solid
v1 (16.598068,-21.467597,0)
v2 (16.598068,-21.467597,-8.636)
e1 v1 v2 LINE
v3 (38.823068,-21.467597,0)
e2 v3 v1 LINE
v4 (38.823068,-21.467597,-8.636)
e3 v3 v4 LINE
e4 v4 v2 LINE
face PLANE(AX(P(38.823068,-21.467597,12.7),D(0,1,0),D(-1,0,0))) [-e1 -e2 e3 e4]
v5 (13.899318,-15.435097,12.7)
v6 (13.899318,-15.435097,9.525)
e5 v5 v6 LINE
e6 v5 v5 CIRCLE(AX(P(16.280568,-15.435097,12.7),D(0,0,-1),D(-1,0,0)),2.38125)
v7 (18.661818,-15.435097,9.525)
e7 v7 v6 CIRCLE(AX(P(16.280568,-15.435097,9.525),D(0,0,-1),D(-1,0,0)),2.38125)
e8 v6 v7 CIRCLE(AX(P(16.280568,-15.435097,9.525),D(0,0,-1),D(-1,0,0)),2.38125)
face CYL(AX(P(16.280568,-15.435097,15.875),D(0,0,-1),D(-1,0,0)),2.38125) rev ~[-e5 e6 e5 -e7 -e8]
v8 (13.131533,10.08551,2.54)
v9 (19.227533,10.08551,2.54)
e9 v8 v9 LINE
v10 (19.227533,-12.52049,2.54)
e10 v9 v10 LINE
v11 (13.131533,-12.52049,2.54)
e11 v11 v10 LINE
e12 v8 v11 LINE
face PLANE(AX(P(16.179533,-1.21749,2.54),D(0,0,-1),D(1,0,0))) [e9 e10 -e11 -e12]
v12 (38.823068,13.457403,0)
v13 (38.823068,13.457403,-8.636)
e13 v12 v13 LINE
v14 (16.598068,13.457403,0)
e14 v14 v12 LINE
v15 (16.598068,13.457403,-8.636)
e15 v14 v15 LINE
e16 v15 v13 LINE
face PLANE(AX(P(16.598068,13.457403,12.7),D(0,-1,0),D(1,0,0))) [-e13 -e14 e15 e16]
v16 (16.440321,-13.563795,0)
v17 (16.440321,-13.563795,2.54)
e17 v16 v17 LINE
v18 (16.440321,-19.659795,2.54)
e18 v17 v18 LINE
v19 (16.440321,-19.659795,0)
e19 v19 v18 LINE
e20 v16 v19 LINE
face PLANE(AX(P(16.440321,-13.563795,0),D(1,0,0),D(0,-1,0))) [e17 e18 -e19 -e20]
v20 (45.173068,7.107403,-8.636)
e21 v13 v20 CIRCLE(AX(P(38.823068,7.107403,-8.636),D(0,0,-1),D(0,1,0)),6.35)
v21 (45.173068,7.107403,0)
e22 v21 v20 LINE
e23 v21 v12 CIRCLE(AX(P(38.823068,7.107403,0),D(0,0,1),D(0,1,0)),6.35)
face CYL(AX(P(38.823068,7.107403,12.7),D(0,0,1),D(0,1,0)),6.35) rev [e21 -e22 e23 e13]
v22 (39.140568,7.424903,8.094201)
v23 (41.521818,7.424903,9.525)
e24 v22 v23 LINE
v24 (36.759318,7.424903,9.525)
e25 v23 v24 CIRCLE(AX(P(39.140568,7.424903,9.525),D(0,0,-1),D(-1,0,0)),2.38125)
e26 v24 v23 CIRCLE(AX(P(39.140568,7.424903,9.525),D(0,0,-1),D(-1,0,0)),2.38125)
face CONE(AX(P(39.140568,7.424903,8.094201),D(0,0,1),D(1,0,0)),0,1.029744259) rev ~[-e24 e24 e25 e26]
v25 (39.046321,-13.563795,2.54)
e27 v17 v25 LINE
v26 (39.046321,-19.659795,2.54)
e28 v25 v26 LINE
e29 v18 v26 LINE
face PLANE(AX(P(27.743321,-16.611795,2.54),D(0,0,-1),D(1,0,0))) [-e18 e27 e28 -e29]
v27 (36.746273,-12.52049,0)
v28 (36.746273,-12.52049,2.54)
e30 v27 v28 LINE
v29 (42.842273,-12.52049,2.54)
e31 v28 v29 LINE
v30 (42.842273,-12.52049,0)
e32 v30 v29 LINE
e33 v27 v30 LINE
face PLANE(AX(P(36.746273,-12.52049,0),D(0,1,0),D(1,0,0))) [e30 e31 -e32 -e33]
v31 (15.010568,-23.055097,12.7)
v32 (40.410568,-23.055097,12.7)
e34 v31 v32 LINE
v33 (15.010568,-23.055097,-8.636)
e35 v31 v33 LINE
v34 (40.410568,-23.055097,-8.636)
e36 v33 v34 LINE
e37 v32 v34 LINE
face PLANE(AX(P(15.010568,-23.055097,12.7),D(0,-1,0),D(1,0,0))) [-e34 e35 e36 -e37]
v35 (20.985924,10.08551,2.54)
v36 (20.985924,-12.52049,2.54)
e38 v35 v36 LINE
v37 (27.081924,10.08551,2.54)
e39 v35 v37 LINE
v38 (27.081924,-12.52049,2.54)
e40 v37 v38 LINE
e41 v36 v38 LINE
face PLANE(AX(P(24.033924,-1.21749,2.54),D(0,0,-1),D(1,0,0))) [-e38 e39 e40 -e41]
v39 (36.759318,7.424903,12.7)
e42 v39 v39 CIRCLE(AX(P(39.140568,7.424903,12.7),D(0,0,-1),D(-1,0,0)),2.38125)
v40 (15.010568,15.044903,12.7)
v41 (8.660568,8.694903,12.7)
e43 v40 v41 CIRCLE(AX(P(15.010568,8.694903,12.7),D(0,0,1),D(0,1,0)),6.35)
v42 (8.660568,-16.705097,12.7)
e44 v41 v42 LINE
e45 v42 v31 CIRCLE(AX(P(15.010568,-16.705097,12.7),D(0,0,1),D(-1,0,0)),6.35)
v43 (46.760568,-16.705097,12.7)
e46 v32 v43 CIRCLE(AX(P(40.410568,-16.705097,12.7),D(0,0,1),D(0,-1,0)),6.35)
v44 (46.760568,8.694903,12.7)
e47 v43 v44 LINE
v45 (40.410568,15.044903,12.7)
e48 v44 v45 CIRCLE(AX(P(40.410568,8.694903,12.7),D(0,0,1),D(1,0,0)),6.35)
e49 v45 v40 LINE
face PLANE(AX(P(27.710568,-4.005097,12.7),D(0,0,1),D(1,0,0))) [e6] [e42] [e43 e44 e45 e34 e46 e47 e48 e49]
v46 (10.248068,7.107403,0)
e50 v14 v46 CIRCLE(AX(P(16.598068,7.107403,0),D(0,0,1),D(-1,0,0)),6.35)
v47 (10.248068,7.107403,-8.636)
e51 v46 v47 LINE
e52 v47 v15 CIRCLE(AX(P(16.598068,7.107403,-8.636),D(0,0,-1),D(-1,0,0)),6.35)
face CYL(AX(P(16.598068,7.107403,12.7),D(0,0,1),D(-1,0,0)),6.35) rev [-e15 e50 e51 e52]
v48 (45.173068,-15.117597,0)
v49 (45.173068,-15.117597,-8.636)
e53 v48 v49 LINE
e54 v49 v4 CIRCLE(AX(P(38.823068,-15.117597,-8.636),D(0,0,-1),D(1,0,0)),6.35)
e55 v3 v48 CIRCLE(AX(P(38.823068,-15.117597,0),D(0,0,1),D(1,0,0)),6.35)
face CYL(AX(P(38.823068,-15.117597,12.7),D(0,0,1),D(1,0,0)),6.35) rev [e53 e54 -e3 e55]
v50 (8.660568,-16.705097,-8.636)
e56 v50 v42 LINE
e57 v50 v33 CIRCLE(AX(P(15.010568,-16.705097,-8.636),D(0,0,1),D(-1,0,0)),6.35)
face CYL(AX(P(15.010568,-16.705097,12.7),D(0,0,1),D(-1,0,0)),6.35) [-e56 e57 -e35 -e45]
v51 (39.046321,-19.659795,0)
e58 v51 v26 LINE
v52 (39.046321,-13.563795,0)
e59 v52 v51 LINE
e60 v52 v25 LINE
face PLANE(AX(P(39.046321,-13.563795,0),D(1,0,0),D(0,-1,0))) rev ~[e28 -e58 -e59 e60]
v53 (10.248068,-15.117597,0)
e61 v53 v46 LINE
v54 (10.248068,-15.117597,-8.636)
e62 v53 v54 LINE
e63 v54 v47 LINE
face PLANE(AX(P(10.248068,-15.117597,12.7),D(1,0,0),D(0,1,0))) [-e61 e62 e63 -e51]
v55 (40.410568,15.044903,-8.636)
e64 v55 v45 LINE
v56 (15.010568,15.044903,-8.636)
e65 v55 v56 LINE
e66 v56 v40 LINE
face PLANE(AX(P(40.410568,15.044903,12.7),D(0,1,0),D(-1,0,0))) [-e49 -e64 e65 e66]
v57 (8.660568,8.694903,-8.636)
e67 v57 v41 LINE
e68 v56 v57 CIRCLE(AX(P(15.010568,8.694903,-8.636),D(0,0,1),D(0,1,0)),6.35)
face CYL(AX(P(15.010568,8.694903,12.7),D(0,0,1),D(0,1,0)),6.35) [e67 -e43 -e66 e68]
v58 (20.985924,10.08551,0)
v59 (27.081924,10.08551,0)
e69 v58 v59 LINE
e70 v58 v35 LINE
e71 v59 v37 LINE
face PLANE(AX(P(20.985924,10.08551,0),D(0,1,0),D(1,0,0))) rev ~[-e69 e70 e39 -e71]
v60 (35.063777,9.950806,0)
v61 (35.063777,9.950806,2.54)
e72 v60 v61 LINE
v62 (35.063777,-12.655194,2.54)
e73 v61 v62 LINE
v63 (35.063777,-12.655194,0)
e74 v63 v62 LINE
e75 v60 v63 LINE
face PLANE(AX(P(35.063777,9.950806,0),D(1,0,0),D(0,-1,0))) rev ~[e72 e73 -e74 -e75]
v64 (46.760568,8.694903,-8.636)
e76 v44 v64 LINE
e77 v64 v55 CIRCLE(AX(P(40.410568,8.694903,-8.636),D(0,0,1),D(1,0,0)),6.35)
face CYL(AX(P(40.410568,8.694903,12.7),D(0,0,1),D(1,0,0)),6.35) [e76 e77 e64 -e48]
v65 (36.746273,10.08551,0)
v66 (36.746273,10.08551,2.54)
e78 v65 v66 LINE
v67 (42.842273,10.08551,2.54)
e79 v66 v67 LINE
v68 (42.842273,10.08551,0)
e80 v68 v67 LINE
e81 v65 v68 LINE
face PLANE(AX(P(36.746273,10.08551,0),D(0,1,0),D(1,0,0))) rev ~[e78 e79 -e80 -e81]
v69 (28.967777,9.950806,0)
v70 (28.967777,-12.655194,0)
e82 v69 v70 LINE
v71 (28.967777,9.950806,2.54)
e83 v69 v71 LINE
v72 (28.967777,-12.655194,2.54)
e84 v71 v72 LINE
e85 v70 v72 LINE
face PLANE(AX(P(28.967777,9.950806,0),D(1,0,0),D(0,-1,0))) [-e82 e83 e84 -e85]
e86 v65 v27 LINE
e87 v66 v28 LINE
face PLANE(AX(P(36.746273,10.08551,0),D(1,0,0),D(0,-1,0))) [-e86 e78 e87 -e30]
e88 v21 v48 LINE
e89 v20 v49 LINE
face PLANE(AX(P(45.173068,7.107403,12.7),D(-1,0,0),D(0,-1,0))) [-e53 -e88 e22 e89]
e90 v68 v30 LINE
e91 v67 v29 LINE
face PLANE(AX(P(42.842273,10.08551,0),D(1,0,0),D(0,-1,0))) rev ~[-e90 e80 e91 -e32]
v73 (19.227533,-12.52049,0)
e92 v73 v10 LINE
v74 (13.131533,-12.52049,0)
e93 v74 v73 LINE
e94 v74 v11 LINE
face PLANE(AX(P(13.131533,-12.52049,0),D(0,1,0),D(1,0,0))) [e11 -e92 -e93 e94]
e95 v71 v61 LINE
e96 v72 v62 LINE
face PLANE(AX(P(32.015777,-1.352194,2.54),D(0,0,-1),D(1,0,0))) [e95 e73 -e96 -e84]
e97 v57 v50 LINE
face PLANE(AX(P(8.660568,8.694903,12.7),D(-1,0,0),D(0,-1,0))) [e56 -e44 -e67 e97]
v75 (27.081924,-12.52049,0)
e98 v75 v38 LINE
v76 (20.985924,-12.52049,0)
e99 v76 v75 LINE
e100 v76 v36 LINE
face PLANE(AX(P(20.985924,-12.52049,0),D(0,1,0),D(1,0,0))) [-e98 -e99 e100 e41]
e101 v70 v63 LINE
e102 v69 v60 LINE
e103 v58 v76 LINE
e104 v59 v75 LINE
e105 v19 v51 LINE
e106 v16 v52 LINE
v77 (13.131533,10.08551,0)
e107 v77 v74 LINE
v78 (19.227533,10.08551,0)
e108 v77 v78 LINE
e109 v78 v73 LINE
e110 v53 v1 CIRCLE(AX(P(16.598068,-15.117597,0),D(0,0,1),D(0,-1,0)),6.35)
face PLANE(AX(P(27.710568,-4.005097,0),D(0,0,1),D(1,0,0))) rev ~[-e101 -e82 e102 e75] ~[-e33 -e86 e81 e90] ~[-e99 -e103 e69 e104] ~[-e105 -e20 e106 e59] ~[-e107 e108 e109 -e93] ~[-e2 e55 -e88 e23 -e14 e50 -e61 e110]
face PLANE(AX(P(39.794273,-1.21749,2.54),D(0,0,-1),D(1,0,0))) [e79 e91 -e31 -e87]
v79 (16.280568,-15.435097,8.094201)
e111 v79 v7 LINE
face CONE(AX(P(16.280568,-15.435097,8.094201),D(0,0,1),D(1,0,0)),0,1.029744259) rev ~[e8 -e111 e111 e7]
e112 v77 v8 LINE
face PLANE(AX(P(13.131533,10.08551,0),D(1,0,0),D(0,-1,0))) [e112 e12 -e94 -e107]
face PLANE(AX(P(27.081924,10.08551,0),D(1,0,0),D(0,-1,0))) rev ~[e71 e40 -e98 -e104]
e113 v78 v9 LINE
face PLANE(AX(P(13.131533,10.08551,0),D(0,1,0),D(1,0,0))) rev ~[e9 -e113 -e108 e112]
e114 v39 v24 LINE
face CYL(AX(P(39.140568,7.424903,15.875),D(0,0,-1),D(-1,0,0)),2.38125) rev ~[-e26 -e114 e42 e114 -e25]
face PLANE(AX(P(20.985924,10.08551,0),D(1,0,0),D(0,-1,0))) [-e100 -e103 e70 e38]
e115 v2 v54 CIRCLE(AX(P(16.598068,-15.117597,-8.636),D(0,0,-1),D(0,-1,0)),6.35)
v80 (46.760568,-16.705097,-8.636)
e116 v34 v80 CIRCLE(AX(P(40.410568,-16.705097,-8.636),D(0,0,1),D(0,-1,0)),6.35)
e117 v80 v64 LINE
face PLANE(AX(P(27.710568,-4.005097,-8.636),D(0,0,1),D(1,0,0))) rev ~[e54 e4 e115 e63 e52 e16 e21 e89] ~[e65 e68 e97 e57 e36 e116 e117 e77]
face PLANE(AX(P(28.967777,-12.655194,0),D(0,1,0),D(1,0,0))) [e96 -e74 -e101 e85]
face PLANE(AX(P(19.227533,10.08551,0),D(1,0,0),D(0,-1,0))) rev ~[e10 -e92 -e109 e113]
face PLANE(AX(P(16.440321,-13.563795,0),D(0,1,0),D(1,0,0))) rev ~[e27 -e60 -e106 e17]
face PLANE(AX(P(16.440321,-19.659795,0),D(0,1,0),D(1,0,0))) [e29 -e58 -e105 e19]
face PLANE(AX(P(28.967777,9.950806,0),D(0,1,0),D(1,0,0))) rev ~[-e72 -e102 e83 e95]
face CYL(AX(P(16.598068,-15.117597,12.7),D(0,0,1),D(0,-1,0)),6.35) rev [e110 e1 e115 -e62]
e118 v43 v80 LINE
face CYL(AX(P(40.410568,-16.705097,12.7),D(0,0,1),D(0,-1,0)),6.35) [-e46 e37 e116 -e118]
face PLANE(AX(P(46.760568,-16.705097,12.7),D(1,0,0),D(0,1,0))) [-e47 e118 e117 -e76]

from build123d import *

# Parameters (mm, degrees)
F1_DEPTH = 12.7
F3_DEPTH = 21.336
F6_D     = 4.7625
F6_DEPTH = 3.175
F6_TIP   = 1.4307993491
F7_W     = 6.096
F7_H     = 22.606
F7_W_2   = 22.606
F7_H_2   = 6.096
F8_DEPTH = 2.54
F9_DEPTH = 2.54


with BuildPart() as f1:
    # F0 (on Top) → F1 (new body)
    with BuildSketch(Plane.XY):
        with BuildLine():
            Line((40.4105676174, 15.0449029118), (15.0105676174, 15.0449029118))
            ThreePointArc((15.0105676174, 15.0449029118), (10.5204395569, 13.1850309723), (8.6605676174, 8.6949029118))
            Line((8.6605676174, 8.6949029118), (8.6605676174, -16.7050970882))
            ThreePointArc((8.6605676174, -16.7050970882), (10.5204395569, -21.1952251488), (15.0105676174, -23.0550970882))
            Line((15.0105676174, -23.0550970882), (40.4105676174, -23.0550970882))
            ThreePointArc((40.4105676174, -23.0550970882), (44.900695678, -21.1952251488), (46.7605676174, -16.7050970882))
            Line((46.7605676174, -16.7050970882), (46.7605676174, 8.6949029118))
            ThreePointArc((46.7605676174, 8.6949029118), (44.900695678, 13.1850309723), (40.4105676174, 15.0449029118))
        make_face()
    extrude(amount=F1_DEPTH)

    # F2 (on face) → F3 (join)
    with BuildSketch(Plane.XY.offset(12.7)):
        with BuildLine():
            ThreePointArc((46.7605676174, 8.6949029118), (44.900695678, 13.1850309723), (40.4105676174, 15.0449029118))
            Line((40.4105676174, 15.0449029118), (15.0105676174, 15.0449029118))
            ThreePointArc((15.0105676174, 15.0449029118), (10.5204395569, 13.1850309723), (8.6605676174, 8.6949029118))
            Line((8.6605676174, 8.6949029118), (8.6605676174, -16.7050970882))
            ThreePointArc((8.6605676174, -16.7050970882), (10.5204395569, -21.1952251488), (15.0105676174, -23.0550970882))
            Line((15.0105676174, -23.0550970882), (40.4105676174, -23.0550970882))
            ThreePointArc((40.4105676174, -23.0550970882), (44.900695678, -21.1952251488), (46.7605676174, -16.7050970882))
            Line((46.7605676174, -16.7050970882), (46.7605676174, 8.6949029118))
        make_face()
        with BuildLine():
            ThreePointArc((10.2480676174, 7.1074029118), (12.1079395569, 11.5975309723), (16.5980676174, 13.4574029118))
            Line((16.5980676174, 13.4574029118), (38.8230676174, 13.4574029118))
            ThreePointArc((38.8230676174, 13.4574029118), (43.313195678, 11.5975309723), (45.1730676174, 7.1074029118))
            Line((45.1730676174, 7.1074029118), (45.1730676174, -15.1175970882))
            ThreePointArc((45.1730676174, -15.1175970882), (43.313195678, -19.6077251488), (38.8230676174, -21.4675970882))
            Line((38.8230676174, -21.4675970882), (16.5980676174, -21.4675970882))
            ThreePointArc((16.5980676174, -21.4675970882), (12.1079395569, -19.6077251488), (10.2480676174, -15.1175970882))
            Line((10.2480676174, -15.1175970882), (10.2480676174, 7.1074029118))
        make_face(mode=Mode.SUBTRACT)
    extrude(amount=-F3_DEPTH)

    # F6
    with Locations(Plane.XY.offset(12.7)):
        with Locations((16.2805676174, -15.4350970882), (39.1405676174, 7.4249029118)):
            Hole(F6_D / 2, depth=F6_DEPTH)
            with Locations((0, 0, -(F6_DEPTH + F6_TIP / 2))):  # 118° drill point
                Cone(0, F6_D / 2, F6_TIP, mode=Mode.SUBTRACT)

    # F7 (on face) → F8 (cut)
    with BuildSketch(Plane(origin=(0, 0, 0), x_dir=(1, 0, 0), z_dir=(0, 0, -1))):
        with Locations((16.1795334584, 1.2174902142)):
            Rectangle(F7_W, F7_H)
        with Locations((27.74332076, 16.611794867)):
            Rectangle(F7_W_2, F7_H_2)
        with Locations((24.0339235593, 1.2174902142)):
            Rectangle(F7_W, F7_H)
        with Locations((32.0157772671, 1.3521939175)):
            Rectangle(F7_W, F7_H)
        with Locations((39.7942726691, 1.2174902142)):
            Rectangle(F7_W, F7_H)
    extrude(amount=F8_DEPTH, mode=Mode.SUBTRACT)

    # F7 (on face) → F9 (cut)
    with BuildSketch(Plane(origin=(0, 0, 0), x_dir=(1, 0, 0), z_dir=(0, 0, -1))):
        with Locations((27.74332076, 16.611794867)):
            Rectangle(F7_W_2, F7_H_2)
        with Locations((16.1795334584, 1.2174902142)):
            Rectangle(F7_W, F7_H)
        with Locations((24.0339235593, 1.2174902142)):
            Rectangle(F7_W, F7_H)
        with Locations((32.0157772671, 1.3521939175)):
            Rectangle(F7_W, F7_H)
        with Locations((39.7942726691, 1.2174902142)):
            Rectangle(F7_W, F7_H)
    extrude(amount=-F9_DEPTH, mode=Mode.SUBTRACT)


solid = f1.part
